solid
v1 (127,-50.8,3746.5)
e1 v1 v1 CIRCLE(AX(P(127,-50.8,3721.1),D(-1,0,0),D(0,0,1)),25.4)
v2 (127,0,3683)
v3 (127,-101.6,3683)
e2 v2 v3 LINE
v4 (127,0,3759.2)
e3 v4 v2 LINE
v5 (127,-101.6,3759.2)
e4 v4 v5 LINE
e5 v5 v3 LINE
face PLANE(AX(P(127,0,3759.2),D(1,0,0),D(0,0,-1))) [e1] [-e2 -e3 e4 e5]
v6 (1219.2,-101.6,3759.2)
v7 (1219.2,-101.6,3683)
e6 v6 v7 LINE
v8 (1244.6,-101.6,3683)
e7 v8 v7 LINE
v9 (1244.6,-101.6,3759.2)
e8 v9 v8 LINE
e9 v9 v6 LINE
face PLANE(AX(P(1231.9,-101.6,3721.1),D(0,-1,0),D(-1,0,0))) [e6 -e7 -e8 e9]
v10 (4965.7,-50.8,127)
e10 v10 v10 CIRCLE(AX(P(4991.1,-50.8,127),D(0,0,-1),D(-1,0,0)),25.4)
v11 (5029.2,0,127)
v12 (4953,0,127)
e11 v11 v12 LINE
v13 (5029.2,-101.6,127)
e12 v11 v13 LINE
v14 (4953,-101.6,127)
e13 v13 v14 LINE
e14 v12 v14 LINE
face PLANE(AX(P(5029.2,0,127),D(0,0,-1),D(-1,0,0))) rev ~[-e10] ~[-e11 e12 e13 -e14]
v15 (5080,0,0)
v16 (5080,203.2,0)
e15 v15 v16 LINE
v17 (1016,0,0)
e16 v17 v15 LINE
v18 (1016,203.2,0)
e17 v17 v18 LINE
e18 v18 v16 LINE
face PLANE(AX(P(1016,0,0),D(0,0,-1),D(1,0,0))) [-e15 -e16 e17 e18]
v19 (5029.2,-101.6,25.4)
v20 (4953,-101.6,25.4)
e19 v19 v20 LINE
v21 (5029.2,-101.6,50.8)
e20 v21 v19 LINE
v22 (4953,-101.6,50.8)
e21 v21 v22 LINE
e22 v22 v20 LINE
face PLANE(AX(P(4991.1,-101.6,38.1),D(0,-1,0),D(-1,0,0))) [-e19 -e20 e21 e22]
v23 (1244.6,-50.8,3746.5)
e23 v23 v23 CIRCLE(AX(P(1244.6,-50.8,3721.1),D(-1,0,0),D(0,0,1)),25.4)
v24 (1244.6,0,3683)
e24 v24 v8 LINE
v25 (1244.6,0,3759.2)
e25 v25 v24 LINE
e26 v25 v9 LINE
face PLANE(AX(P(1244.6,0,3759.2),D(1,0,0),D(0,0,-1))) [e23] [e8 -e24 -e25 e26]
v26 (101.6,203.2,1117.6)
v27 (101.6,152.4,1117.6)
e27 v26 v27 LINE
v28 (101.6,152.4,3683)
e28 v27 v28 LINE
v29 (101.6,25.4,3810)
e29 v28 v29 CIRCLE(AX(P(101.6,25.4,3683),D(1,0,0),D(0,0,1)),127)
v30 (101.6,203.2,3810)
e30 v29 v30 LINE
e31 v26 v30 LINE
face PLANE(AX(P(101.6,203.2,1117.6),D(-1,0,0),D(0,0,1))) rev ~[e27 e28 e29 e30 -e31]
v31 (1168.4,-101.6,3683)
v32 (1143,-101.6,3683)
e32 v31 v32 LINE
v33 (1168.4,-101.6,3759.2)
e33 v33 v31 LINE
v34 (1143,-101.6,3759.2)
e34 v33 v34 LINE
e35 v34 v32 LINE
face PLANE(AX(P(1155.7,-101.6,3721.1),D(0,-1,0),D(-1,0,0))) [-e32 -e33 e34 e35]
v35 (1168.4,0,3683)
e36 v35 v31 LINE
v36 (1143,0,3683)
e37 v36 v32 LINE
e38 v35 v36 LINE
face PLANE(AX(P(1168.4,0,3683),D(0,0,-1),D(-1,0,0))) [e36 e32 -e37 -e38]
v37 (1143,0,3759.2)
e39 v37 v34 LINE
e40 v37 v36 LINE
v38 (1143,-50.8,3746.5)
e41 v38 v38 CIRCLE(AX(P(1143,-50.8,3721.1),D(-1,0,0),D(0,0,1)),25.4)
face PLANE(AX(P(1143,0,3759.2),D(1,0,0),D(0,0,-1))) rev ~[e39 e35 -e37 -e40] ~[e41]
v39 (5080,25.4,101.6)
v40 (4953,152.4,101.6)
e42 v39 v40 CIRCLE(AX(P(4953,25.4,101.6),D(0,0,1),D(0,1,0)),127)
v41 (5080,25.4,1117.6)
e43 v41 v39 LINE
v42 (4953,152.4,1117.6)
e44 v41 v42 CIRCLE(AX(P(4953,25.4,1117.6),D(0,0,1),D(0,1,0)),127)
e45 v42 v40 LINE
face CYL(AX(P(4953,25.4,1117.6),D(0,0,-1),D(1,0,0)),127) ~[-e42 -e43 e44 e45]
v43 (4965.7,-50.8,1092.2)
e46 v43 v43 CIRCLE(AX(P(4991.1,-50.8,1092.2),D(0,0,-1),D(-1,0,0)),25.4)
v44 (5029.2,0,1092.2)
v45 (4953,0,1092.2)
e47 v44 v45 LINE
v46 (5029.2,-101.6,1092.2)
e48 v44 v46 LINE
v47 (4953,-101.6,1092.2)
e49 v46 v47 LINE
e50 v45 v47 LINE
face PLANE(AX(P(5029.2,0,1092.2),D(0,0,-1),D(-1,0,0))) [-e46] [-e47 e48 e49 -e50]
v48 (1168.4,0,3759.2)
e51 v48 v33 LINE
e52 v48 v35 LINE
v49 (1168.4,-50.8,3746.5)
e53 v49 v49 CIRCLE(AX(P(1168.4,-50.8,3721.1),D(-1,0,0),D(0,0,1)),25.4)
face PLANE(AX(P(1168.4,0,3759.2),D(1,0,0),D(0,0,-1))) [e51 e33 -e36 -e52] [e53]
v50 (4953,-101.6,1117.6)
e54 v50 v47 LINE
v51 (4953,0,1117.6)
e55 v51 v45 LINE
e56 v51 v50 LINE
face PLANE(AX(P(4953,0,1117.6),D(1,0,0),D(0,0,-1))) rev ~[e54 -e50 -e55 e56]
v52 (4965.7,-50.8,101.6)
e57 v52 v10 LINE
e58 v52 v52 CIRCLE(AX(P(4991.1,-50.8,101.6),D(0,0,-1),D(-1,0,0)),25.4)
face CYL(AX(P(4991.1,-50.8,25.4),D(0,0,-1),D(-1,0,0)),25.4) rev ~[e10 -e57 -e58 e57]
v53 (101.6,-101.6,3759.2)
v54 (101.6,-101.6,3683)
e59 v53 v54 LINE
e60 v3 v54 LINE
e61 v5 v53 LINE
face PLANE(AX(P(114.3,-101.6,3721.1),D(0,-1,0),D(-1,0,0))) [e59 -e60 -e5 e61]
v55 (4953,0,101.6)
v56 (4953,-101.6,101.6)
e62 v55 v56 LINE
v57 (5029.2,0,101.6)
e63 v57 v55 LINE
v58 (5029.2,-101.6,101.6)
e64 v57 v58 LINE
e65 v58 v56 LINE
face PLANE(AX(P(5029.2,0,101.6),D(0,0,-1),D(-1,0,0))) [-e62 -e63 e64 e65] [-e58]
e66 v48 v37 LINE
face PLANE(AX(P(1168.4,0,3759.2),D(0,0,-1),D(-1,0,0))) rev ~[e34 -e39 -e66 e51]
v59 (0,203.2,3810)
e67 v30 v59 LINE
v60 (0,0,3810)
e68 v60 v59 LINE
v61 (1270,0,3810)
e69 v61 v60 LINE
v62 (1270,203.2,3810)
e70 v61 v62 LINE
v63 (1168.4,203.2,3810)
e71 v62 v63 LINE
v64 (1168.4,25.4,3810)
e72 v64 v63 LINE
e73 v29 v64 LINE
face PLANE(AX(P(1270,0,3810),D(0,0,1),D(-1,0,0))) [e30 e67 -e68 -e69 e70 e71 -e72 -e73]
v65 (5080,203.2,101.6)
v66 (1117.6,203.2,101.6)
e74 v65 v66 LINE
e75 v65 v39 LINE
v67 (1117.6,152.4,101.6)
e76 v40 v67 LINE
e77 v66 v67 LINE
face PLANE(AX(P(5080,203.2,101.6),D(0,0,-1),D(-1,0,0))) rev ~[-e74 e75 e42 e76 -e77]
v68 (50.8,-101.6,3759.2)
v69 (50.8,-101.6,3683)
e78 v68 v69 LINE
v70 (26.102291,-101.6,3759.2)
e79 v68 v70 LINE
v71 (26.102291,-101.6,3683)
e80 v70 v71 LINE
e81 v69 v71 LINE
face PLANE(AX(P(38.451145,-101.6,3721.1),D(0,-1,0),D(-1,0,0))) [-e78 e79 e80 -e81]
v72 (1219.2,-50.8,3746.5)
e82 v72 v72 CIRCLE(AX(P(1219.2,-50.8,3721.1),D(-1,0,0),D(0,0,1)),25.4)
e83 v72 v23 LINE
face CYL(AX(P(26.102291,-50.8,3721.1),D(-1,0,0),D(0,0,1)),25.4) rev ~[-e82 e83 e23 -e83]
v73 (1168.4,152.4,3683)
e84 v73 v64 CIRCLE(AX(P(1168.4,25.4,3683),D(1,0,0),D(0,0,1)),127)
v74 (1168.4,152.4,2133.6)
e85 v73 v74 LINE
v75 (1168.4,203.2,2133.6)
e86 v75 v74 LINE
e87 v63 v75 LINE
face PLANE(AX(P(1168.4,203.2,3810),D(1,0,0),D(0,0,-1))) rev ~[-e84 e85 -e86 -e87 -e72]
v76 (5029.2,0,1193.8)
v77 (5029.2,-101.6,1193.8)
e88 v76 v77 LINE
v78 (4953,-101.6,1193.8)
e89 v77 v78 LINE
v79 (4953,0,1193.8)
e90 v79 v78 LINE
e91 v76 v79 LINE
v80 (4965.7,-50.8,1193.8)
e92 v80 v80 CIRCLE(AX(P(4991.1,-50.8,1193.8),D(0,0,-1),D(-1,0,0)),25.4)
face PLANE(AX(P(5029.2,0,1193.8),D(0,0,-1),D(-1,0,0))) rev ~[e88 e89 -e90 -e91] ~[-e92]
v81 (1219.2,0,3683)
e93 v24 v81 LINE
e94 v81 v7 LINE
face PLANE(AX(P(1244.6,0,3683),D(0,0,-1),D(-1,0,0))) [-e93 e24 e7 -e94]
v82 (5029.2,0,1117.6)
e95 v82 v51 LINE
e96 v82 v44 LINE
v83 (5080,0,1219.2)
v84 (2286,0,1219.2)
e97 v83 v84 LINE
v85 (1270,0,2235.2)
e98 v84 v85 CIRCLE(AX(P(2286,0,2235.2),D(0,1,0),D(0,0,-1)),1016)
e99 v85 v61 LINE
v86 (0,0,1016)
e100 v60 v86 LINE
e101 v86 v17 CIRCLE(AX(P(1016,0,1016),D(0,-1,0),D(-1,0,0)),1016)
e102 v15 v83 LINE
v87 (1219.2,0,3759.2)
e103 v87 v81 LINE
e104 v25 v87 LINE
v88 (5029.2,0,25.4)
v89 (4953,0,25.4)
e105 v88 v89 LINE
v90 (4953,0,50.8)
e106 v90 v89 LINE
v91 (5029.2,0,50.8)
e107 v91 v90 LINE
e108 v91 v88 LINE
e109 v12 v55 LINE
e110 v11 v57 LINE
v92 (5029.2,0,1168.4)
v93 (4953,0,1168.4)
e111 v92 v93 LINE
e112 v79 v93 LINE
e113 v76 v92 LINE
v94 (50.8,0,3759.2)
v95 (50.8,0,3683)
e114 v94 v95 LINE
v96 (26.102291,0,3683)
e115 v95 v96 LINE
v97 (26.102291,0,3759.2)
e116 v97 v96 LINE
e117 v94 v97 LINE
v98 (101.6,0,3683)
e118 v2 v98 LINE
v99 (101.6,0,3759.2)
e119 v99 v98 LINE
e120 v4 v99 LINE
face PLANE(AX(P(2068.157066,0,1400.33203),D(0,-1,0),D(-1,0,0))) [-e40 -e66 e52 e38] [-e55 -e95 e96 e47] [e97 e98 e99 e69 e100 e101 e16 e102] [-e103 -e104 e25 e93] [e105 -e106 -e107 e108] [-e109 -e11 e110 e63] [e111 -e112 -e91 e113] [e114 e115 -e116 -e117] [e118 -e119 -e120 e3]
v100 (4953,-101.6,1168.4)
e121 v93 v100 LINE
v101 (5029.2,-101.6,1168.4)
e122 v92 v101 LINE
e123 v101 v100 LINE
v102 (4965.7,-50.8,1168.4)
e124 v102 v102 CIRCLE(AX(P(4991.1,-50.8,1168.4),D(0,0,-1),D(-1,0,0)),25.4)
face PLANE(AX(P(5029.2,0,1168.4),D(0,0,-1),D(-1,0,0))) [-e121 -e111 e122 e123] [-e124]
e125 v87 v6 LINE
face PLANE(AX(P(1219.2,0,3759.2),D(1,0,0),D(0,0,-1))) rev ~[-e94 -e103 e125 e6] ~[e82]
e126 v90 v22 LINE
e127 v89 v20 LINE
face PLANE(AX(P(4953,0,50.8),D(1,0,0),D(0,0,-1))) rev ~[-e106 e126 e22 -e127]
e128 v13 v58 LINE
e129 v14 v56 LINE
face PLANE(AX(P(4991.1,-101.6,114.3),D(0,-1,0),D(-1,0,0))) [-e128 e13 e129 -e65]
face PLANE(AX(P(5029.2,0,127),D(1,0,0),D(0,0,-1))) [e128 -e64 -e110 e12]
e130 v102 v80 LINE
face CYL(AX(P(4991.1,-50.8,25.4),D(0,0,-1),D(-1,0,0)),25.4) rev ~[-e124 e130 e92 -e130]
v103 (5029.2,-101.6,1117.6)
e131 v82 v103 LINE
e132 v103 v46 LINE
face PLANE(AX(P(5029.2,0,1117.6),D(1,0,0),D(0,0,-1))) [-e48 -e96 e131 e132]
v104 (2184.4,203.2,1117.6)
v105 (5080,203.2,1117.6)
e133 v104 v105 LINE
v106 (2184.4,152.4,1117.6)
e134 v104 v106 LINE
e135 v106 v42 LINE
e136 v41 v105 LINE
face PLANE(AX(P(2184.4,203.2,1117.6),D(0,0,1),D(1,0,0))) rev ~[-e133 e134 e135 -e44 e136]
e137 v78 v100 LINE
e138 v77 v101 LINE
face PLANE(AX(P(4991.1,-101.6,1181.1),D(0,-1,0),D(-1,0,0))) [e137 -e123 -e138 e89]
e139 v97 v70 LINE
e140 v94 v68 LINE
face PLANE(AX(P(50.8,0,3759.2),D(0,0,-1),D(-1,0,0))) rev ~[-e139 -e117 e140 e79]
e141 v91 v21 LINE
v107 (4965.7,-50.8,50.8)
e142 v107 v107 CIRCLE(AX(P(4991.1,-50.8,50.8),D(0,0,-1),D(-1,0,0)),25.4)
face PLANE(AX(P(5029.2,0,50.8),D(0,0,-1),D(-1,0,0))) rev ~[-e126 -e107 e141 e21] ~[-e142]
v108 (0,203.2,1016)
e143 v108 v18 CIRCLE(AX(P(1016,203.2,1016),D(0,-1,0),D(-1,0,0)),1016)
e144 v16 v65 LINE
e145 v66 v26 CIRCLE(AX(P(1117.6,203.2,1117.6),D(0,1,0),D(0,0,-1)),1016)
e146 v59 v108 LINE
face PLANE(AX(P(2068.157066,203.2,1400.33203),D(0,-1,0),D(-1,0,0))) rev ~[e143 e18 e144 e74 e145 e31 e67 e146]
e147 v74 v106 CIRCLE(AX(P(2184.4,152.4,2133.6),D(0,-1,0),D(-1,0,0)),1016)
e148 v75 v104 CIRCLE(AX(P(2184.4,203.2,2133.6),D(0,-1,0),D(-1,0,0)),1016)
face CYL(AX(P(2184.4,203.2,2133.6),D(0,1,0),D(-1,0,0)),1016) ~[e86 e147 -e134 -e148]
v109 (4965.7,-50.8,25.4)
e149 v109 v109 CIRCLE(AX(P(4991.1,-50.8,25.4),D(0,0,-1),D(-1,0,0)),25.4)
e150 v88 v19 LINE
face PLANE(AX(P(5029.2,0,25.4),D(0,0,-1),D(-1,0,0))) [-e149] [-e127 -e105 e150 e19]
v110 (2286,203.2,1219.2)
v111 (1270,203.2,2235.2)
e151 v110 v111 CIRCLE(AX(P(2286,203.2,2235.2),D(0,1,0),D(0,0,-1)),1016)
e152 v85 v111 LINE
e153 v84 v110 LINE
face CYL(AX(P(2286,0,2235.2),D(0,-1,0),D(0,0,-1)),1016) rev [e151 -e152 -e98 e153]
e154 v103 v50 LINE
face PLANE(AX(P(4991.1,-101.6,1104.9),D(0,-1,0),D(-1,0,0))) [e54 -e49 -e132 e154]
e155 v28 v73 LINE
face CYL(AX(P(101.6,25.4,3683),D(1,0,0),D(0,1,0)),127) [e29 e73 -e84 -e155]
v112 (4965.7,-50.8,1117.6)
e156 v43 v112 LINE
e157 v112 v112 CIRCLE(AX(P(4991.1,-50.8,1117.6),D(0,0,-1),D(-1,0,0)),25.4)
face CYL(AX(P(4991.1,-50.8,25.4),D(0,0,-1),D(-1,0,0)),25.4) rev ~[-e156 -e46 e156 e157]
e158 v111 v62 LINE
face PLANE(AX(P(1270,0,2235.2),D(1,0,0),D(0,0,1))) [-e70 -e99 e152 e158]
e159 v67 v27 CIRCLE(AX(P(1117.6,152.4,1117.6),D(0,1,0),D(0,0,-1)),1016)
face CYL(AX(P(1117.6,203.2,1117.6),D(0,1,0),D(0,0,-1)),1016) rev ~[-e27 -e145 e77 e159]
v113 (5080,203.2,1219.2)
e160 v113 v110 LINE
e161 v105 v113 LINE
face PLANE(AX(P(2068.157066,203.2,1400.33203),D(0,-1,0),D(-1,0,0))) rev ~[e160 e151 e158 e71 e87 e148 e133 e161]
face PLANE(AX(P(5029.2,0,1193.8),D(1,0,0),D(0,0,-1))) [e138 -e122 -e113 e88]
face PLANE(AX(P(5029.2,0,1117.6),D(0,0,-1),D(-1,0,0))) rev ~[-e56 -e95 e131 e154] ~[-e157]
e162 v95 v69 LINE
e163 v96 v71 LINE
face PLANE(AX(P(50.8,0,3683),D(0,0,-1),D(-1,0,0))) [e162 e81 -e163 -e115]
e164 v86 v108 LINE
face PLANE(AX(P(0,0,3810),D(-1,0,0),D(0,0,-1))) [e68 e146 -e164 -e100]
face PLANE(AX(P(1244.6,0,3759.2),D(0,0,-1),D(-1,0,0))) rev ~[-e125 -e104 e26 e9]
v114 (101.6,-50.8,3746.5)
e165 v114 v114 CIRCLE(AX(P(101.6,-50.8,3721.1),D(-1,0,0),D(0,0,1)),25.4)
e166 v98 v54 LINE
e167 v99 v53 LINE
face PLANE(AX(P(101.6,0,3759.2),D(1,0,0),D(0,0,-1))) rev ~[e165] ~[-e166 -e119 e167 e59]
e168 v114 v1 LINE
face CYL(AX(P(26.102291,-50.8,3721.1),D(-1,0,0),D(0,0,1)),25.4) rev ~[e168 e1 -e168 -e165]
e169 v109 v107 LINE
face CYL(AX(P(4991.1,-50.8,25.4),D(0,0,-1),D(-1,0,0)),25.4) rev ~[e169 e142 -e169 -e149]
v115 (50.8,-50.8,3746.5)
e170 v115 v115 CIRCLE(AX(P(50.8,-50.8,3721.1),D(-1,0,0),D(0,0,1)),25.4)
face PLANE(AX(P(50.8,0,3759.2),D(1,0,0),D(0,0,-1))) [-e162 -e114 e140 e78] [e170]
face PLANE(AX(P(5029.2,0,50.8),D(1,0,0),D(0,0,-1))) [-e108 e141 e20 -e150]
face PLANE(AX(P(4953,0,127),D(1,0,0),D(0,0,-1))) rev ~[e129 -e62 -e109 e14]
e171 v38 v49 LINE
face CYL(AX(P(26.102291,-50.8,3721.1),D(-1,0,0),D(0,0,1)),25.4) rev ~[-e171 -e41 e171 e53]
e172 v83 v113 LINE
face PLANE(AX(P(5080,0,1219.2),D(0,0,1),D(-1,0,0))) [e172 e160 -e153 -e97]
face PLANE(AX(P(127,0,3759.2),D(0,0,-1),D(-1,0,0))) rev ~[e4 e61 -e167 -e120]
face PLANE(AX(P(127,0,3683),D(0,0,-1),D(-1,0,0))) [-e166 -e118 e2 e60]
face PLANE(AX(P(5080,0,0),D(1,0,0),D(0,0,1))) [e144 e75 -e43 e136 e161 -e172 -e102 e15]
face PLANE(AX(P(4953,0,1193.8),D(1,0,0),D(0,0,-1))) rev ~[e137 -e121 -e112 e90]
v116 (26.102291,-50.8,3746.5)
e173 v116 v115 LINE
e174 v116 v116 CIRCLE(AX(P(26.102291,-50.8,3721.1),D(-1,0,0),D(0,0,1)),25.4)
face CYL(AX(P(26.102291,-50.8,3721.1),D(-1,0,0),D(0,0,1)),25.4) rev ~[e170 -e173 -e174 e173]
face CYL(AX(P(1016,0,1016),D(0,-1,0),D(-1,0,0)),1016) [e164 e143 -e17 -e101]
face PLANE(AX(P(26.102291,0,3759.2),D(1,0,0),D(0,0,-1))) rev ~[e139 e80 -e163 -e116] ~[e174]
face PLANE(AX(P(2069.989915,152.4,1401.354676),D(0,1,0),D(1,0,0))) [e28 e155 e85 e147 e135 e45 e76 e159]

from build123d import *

# Parameters (mm, degrees)
BOSS_EXTRUDE1_DEPTH = 203.2
CUT_EXTRUDE1_DEPTH  = 50.8
FILLET1_R           = 127
SKETCH3_W           = 76.2
SKETCH3_H           = 25.4
SKETCH3_W_2         = 24.697709427
SKETCH3_H_2         = 76.2
SKETCH3_W_3         = 25.4
BOSS_EXTRUDE2_DEPTH = 101.6
SKETCH4_R           = 25.4
CUT_EXTRUDE2_DEPTH  = 1270
SKETCH5_R           = 25.4
CUT_EXTRUDE3_DEPTH  = 1270


with BuildPart() as part:
    # Sketch1 → Boss-Extrude1 (new body)
    with BuildSketch(Plane(origin=(0, 0, 0), x_dir=(1, 0, 0), z_dir=(0, 1, 0))):
        with BuildLine():
            Line((1016, 0), (5080, 0))
            Line((5080, 0), (5080, -1219.2))
            Line((5080, -1219.2), (2286, -1219.2))
            ThreePointArc((2286, -1219.2), (1567.579510314, -1516.779510314), (1270, -2235.2))
            Line((1270, -2235.2), (1270, -3810))
            Line((1270, -3810), (0, -3810))
            Line((0, -3810), (0, -1016))
            ThreePointArc((0, -1016), (297.579510314, -297.579510314), (1016, 0))
        make_face()
    extrude(amount=BOSS_EXTRUDE1_DEPTH)

    # Sketch2 → Cut-Extrude1 (cut)
    with BuildSketch(Plane(origin=(0, 203.2, 0), x_dir=(1, 0, 0), z_dir=(0, 1, 0))):
        with BuildLine():
            Line((101.6, -1117.6), (101.6, -3810))
            Line((101.6, -3810), (1168.4, -3810))
            Line((1168.4, -3810), (1168.4, -2133.6))
            ThreePointArc((1168.4, -2133.6), (1465.979510314, -1415.179510314), (2184.4, -1117.6))
            Line((2184.4, -1117.6), (5080, -1117.6))
            Line((5080, -1117.6), (5080, -101.6))
            Line((5080, -101.6), (1117.6, -101.6))
            ThreePointArc((1117.6, -101.6), (399.179510314, -399.179510314), (101.6, -1117.6))
        make_face()
    extrude(amount=-CUT_EXTRUDE1_DEPTH, mode=Mode.SUBTRACT)

    # Fillet1
    fillet1_edges = [part.edges().sort_by_distance(p)[0] for p in [
        (5080, 152.4, 609.6),
        (635, 152.4, 3810),
    ]]
    fillet(fillet1_edges, radius=FILLET1_R)

    # Sketch3 → Boss-Extrude2 (add)
    with BuildSketch(Plane(origin=(0, 0, 0), x_dir=(-1, 0, 0), z_dir=(0, -1, 0))):
        with Locations((-4991.1, -38.1)):
            Rectangle(SKETCH3_W, SKETCH3_H)
        with Locations((-4991.1, -114.3)):
            Rectangle(SKETCH3_W, SKETCH3_H)
        with Locations((-4991.1, -1104.9)):
            Rectangle(SKETCH3_W, SKETCH3_H)
        with Locations((-4991.1, -1181.1)):
            Rectangle(SKETCH3_W, SKETCH3_H)
        with Locations((-38.451145287, -3721.1)):
            Rectangle(SKETCH3_W_2, SKETCH3_H_2)
        with Locations((-114.3, -3721.1)):
            Rectangle(SKETCH3_W_3, SKETCH3_H_2)
        with Locations((-1231.9, -3721.1)):
            Rectangle(SKETCH3_W_3, SKETCH3_H_2)
        with Locations((-1155.7, -3721.1)):
            Rectangle(SKETCH3_W_3, SKETCH3_H_2)
    extrude(amount=BOSS_EXTRUDE2_DEPTH)

    # Sketch4 → Cut-Extrude2 (cut)
    with BuildSketch(Plane.ZY.offset(-26.102290573)):
        with Locations((3721.1, -50.8)):
            Circle(SKETCH4_R)
    extrude(amount=-CUT_EXTRUDE2_DEPTH, mode=Mode.SUBTRACT)

    # Sketch5 → Cut-Extrude3 (cut)
    with BuildSketch(Plane(origin=(0, 0, 25.4), x_dir=(-1, 0, 0), z_dir=(0, 0, -1))):
        with Locations((-4991.1, -50.8)):
            Circle(SKETCH5_R)
    extrude(amount=-CUT_EXTRUDE3_DEPTH, mode=Mode.SUBTRACT)


solid = part.part
